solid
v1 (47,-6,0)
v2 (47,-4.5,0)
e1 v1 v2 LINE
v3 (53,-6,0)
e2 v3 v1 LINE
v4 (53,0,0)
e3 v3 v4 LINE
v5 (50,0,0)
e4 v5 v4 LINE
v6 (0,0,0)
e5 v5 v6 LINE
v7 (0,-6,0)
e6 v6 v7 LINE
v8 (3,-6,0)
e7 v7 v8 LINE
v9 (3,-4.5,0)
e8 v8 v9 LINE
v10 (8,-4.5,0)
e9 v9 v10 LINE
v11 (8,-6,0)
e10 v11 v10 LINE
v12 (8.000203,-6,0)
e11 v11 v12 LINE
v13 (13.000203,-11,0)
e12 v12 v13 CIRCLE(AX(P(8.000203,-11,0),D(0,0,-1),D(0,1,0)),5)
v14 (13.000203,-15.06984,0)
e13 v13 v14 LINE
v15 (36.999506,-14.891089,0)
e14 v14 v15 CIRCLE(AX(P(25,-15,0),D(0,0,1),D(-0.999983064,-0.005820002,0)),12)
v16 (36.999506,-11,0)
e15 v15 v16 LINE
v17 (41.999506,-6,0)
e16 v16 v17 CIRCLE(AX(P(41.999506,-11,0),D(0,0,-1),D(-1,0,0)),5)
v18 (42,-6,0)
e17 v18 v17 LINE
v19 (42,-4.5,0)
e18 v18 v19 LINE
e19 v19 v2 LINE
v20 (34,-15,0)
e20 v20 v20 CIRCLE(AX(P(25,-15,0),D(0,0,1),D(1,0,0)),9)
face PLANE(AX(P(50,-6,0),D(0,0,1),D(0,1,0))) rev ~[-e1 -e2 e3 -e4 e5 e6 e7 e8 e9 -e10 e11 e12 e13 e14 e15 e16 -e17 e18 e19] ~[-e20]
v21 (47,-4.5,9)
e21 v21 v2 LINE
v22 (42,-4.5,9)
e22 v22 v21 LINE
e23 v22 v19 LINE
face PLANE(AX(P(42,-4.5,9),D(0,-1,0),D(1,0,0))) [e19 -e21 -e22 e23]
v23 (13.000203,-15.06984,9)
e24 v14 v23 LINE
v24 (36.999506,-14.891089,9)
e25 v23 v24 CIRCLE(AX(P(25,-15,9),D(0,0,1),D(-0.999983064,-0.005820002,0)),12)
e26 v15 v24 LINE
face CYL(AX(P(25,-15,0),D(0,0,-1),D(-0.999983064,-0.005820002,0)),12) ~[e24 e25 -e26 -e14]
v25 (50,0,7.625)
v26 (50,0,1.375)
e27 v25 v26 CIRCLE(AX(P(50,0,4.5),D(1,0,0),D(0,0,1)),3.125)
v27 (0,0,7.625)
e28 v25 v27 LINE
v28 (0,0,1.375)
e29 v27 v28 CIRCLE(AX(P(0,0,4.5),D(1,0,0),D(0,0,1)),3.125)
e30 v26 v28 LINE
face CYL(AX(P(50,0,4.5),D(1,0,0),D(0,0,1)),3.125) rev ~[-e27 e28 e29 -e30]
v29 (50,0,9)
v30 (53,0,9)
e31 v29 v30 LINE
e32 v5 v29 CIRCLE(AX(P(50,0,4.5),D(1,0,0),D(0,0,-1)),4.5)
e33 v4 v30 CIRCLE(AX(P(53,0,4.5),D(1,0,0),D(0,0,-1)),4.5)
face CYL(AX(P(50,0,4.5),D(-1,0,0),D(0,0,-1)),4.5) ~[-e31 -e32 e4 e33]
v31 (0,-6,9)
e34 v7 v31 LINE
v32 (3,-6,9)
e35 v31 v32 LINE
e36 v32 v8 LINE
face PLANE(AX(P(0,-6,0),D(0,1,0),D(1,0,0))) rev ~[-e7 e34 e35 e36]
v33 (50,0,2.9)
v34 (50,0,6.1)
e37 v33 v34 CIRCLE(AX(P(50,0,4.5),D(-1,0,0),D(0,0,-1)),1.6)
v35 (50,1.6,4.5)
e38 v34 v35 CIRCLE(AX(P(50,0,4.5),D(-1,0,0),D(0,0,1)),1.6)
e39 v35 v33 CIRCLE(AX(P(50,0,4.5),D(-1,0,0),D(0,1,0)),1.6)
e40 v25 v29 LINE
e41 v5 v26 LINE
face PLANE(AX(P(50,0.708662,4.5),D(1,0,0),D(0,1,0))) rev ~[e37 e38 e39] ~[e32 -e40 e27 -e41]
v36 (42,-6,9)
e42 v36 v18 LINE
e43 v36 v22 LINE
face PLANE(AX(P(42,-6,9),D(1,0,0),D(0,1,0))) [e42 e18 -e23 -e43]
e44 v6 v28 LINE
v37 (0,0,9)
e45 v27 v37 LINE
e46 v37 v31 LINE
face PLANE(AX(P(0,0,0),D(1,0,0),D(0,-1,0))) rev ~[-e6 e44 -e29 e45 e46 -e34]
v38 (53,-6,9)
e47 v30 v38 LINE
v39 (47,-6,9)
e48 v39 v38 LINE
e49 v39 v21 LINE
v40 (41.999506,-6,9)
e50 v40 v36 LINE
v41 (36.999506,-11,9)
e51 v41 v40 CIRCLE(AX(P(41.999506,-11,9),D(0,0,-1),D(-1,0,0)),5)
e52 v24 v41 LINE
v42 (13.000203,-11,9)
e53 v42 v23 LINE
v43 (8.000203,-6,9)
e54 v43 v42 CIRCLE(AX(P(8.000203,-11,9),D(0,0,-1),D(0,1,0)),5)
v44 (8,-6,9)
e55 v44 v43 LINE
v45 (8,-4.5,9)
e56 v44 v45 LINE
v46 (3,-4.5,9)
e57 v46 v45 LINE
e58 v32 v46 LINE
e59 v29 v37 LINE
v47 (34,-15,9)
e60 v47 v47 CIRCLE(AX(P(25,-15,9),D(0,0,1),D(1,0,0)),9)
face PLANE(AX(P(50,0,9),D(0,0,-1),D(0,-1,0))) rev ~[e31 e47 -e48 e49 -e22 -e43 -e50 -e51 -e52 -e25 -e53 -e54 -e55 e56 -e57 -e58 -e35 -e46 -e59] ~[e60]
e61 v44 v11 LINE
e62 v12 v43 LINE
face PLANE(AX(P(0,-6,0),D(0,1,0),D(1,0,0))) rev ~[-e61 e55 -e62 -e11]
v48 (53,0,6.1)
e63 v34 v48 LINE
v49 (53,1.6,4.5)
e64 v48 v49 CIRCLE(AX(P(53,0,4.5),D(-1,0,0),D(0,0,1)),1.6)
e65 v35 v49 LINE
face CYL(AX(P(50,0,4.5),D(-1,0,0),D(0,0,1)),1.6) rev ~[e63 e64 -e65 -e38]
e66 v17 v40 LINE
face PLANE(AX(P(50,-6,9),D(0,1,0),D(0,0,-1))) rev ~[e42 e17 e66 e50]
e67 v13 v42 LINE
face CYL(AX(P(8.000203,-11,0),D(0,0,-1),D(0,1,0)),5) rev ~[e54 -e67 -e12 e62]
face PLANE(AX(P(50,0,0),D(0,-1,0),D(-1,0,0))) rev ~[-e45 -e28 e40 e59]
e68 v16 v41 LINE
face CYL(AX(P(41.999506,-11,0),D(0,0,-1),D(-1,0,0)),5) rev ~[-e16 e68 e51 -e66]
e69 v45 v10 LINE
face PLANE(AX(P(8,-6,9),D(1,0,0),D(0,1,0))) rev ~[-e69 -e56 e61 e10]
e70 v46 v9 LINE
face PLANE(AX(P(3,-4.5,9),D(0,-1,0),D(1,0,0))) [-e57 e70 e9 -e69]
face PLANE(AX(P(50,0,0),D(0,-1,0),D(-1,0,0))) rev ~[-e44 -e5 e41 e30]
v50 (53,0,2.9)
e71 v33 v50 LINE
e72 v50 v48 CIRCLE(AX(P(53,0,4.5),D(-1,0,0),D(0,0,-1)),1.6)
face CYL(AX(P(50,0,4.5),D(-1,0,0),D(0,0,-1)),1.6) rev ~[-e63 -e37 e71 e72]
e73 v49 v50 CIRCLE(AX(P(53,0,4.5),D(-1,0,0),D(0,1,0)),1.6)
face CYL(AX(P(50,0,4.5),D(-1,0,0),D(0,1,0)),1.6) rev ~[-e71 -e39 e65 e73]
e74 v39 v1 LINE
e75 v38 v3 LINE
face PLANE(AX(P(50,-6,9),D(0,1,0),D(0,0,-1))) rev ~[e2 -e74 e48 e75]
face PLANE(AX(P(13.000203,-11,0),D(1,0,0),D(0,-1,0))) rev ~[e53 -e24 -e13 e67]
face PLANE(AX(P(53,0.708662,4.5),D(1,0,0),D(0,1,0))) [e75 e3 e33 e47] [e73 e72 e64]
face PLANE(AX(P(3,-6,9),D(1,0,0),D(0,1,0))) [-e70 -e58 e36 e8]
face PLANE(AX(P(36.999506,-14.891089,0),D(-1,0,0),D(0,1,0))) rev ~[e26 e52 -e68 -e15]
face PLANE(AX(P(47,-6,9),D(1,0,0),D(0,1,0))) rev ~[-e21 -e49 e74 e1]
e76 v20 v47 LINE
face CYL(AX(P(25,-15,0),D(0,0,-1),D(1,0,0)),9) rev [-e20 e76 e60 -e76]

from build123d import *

# Parameters (mm, degrees)
F0_R     = 9
F1_DEPTH = 9
F3_DEPTH = 50
F5_DEPTH = 3
F6_W     = 5
F6_H     = 1.5
F7_DEPTH = 25


with BuildPart() as f1:
    # F0 (on Top) → F1 (new body)
    with BuildSketch(Plane.XY):
        with BuildLine():
            Line((50, 0), (0, 0))
            Line((0, 0), (0, -6))
            Line((0, -6), (8.0002032363, -6))
            ThreePointArc((8.0002032363, -6), (11.5357371422, -7.4644660941), (13.0002032363, -11))
            Line((13.0002032363, -11), (13.0002032363, -14.9301599718))
            Line((13.0002032363, -14.9301599718), (13.0002032363, -15.0698400282))
            ThreePointArc((13.0002032363, -15.0698400282), (25.08937552, -26.9996671627), (36.9995057583, -14.8910892252))
            Line((36.9995057583, -14.8910892252), (36.9995057583, -11))
            ThreePointArc((36.9995057583, -11), (38.4639718524, -7.4644660941), (41.9995057583, -6))
            Line((41.9995057583, -6), (50, -6))
            Line((50, -6), (50, 0))
        make_face()
        with Locations((25, -15)):
            Circle(F0_R, mode=Mode.SUBTRACT)
    extrude(amount=F1_DEPTH)

    # F2 (on face) → F3 (cut)
    with BuildSketch(Plane.YZ.offset(50)):
        with BuildLine():
            Line((0, 1.375), (0, 7.625))
            ThreePointArc((0, 7.625), (-3.125, 4.5), (0, 1.375))
        make_face()
    extrude(amount=-F3_DEPTH, mode=Mode.SUBTRACT)

    # F4 (on face) → F5 (join)
    with BuildSketch(Plane.YZ.offset(50)):
        with BuildLine():
            Line((0, 1.375), (0, 0))
            ThreePointArc((0, 0), (4.5, 4.5), (0, 9))
            Line((0, 9), (0, 7.625))
            ThreePointArc((0, 7.625), (-3.125, 4.5), (0, 1.375))
        make_face()
        with BuildLine():
            ThreePointArc((0, 6.1), (1.1313708499, 5.6313708499), (1.6, 4.5))
            ThreePointArc((1.6, 4.5), (1.1313708499, 3.3686291501), (0, 2.9))
            ThreePointArc((0, 2.9), (-1.6, 4.5), (0, 6.1))
        make_face(mode=Mode.SUBTRACT)
        with BuildLine():
            Line((-6, 0), (0, 0))
            Line((0, 0), (0, 1.375))
            ThreePointArc((0, 1.375), (-3.125, 4.5), (0, 7.625))
            Line((0, 7.625), (0, 9))
            Line((0, 9), (-6, 9))
            Line((-6, 9), (-6, 0))
        make_face()
    extrude(amount=F5_DEPTH)

    # F6 (on face) → F7 (cut)
    with BuildSketch(Plane.XY.offset(9)):
        with Locations((5.5, -5.25)):
            Rectangle(F6_W, F6_H)
        with Locations((44.5, -5.25)):
            Rectangle(F6_W, F6_H)
    extrude(amount=-F7_DEPTH, mode=Mode.SUBTRACT)


solid = f1.part
